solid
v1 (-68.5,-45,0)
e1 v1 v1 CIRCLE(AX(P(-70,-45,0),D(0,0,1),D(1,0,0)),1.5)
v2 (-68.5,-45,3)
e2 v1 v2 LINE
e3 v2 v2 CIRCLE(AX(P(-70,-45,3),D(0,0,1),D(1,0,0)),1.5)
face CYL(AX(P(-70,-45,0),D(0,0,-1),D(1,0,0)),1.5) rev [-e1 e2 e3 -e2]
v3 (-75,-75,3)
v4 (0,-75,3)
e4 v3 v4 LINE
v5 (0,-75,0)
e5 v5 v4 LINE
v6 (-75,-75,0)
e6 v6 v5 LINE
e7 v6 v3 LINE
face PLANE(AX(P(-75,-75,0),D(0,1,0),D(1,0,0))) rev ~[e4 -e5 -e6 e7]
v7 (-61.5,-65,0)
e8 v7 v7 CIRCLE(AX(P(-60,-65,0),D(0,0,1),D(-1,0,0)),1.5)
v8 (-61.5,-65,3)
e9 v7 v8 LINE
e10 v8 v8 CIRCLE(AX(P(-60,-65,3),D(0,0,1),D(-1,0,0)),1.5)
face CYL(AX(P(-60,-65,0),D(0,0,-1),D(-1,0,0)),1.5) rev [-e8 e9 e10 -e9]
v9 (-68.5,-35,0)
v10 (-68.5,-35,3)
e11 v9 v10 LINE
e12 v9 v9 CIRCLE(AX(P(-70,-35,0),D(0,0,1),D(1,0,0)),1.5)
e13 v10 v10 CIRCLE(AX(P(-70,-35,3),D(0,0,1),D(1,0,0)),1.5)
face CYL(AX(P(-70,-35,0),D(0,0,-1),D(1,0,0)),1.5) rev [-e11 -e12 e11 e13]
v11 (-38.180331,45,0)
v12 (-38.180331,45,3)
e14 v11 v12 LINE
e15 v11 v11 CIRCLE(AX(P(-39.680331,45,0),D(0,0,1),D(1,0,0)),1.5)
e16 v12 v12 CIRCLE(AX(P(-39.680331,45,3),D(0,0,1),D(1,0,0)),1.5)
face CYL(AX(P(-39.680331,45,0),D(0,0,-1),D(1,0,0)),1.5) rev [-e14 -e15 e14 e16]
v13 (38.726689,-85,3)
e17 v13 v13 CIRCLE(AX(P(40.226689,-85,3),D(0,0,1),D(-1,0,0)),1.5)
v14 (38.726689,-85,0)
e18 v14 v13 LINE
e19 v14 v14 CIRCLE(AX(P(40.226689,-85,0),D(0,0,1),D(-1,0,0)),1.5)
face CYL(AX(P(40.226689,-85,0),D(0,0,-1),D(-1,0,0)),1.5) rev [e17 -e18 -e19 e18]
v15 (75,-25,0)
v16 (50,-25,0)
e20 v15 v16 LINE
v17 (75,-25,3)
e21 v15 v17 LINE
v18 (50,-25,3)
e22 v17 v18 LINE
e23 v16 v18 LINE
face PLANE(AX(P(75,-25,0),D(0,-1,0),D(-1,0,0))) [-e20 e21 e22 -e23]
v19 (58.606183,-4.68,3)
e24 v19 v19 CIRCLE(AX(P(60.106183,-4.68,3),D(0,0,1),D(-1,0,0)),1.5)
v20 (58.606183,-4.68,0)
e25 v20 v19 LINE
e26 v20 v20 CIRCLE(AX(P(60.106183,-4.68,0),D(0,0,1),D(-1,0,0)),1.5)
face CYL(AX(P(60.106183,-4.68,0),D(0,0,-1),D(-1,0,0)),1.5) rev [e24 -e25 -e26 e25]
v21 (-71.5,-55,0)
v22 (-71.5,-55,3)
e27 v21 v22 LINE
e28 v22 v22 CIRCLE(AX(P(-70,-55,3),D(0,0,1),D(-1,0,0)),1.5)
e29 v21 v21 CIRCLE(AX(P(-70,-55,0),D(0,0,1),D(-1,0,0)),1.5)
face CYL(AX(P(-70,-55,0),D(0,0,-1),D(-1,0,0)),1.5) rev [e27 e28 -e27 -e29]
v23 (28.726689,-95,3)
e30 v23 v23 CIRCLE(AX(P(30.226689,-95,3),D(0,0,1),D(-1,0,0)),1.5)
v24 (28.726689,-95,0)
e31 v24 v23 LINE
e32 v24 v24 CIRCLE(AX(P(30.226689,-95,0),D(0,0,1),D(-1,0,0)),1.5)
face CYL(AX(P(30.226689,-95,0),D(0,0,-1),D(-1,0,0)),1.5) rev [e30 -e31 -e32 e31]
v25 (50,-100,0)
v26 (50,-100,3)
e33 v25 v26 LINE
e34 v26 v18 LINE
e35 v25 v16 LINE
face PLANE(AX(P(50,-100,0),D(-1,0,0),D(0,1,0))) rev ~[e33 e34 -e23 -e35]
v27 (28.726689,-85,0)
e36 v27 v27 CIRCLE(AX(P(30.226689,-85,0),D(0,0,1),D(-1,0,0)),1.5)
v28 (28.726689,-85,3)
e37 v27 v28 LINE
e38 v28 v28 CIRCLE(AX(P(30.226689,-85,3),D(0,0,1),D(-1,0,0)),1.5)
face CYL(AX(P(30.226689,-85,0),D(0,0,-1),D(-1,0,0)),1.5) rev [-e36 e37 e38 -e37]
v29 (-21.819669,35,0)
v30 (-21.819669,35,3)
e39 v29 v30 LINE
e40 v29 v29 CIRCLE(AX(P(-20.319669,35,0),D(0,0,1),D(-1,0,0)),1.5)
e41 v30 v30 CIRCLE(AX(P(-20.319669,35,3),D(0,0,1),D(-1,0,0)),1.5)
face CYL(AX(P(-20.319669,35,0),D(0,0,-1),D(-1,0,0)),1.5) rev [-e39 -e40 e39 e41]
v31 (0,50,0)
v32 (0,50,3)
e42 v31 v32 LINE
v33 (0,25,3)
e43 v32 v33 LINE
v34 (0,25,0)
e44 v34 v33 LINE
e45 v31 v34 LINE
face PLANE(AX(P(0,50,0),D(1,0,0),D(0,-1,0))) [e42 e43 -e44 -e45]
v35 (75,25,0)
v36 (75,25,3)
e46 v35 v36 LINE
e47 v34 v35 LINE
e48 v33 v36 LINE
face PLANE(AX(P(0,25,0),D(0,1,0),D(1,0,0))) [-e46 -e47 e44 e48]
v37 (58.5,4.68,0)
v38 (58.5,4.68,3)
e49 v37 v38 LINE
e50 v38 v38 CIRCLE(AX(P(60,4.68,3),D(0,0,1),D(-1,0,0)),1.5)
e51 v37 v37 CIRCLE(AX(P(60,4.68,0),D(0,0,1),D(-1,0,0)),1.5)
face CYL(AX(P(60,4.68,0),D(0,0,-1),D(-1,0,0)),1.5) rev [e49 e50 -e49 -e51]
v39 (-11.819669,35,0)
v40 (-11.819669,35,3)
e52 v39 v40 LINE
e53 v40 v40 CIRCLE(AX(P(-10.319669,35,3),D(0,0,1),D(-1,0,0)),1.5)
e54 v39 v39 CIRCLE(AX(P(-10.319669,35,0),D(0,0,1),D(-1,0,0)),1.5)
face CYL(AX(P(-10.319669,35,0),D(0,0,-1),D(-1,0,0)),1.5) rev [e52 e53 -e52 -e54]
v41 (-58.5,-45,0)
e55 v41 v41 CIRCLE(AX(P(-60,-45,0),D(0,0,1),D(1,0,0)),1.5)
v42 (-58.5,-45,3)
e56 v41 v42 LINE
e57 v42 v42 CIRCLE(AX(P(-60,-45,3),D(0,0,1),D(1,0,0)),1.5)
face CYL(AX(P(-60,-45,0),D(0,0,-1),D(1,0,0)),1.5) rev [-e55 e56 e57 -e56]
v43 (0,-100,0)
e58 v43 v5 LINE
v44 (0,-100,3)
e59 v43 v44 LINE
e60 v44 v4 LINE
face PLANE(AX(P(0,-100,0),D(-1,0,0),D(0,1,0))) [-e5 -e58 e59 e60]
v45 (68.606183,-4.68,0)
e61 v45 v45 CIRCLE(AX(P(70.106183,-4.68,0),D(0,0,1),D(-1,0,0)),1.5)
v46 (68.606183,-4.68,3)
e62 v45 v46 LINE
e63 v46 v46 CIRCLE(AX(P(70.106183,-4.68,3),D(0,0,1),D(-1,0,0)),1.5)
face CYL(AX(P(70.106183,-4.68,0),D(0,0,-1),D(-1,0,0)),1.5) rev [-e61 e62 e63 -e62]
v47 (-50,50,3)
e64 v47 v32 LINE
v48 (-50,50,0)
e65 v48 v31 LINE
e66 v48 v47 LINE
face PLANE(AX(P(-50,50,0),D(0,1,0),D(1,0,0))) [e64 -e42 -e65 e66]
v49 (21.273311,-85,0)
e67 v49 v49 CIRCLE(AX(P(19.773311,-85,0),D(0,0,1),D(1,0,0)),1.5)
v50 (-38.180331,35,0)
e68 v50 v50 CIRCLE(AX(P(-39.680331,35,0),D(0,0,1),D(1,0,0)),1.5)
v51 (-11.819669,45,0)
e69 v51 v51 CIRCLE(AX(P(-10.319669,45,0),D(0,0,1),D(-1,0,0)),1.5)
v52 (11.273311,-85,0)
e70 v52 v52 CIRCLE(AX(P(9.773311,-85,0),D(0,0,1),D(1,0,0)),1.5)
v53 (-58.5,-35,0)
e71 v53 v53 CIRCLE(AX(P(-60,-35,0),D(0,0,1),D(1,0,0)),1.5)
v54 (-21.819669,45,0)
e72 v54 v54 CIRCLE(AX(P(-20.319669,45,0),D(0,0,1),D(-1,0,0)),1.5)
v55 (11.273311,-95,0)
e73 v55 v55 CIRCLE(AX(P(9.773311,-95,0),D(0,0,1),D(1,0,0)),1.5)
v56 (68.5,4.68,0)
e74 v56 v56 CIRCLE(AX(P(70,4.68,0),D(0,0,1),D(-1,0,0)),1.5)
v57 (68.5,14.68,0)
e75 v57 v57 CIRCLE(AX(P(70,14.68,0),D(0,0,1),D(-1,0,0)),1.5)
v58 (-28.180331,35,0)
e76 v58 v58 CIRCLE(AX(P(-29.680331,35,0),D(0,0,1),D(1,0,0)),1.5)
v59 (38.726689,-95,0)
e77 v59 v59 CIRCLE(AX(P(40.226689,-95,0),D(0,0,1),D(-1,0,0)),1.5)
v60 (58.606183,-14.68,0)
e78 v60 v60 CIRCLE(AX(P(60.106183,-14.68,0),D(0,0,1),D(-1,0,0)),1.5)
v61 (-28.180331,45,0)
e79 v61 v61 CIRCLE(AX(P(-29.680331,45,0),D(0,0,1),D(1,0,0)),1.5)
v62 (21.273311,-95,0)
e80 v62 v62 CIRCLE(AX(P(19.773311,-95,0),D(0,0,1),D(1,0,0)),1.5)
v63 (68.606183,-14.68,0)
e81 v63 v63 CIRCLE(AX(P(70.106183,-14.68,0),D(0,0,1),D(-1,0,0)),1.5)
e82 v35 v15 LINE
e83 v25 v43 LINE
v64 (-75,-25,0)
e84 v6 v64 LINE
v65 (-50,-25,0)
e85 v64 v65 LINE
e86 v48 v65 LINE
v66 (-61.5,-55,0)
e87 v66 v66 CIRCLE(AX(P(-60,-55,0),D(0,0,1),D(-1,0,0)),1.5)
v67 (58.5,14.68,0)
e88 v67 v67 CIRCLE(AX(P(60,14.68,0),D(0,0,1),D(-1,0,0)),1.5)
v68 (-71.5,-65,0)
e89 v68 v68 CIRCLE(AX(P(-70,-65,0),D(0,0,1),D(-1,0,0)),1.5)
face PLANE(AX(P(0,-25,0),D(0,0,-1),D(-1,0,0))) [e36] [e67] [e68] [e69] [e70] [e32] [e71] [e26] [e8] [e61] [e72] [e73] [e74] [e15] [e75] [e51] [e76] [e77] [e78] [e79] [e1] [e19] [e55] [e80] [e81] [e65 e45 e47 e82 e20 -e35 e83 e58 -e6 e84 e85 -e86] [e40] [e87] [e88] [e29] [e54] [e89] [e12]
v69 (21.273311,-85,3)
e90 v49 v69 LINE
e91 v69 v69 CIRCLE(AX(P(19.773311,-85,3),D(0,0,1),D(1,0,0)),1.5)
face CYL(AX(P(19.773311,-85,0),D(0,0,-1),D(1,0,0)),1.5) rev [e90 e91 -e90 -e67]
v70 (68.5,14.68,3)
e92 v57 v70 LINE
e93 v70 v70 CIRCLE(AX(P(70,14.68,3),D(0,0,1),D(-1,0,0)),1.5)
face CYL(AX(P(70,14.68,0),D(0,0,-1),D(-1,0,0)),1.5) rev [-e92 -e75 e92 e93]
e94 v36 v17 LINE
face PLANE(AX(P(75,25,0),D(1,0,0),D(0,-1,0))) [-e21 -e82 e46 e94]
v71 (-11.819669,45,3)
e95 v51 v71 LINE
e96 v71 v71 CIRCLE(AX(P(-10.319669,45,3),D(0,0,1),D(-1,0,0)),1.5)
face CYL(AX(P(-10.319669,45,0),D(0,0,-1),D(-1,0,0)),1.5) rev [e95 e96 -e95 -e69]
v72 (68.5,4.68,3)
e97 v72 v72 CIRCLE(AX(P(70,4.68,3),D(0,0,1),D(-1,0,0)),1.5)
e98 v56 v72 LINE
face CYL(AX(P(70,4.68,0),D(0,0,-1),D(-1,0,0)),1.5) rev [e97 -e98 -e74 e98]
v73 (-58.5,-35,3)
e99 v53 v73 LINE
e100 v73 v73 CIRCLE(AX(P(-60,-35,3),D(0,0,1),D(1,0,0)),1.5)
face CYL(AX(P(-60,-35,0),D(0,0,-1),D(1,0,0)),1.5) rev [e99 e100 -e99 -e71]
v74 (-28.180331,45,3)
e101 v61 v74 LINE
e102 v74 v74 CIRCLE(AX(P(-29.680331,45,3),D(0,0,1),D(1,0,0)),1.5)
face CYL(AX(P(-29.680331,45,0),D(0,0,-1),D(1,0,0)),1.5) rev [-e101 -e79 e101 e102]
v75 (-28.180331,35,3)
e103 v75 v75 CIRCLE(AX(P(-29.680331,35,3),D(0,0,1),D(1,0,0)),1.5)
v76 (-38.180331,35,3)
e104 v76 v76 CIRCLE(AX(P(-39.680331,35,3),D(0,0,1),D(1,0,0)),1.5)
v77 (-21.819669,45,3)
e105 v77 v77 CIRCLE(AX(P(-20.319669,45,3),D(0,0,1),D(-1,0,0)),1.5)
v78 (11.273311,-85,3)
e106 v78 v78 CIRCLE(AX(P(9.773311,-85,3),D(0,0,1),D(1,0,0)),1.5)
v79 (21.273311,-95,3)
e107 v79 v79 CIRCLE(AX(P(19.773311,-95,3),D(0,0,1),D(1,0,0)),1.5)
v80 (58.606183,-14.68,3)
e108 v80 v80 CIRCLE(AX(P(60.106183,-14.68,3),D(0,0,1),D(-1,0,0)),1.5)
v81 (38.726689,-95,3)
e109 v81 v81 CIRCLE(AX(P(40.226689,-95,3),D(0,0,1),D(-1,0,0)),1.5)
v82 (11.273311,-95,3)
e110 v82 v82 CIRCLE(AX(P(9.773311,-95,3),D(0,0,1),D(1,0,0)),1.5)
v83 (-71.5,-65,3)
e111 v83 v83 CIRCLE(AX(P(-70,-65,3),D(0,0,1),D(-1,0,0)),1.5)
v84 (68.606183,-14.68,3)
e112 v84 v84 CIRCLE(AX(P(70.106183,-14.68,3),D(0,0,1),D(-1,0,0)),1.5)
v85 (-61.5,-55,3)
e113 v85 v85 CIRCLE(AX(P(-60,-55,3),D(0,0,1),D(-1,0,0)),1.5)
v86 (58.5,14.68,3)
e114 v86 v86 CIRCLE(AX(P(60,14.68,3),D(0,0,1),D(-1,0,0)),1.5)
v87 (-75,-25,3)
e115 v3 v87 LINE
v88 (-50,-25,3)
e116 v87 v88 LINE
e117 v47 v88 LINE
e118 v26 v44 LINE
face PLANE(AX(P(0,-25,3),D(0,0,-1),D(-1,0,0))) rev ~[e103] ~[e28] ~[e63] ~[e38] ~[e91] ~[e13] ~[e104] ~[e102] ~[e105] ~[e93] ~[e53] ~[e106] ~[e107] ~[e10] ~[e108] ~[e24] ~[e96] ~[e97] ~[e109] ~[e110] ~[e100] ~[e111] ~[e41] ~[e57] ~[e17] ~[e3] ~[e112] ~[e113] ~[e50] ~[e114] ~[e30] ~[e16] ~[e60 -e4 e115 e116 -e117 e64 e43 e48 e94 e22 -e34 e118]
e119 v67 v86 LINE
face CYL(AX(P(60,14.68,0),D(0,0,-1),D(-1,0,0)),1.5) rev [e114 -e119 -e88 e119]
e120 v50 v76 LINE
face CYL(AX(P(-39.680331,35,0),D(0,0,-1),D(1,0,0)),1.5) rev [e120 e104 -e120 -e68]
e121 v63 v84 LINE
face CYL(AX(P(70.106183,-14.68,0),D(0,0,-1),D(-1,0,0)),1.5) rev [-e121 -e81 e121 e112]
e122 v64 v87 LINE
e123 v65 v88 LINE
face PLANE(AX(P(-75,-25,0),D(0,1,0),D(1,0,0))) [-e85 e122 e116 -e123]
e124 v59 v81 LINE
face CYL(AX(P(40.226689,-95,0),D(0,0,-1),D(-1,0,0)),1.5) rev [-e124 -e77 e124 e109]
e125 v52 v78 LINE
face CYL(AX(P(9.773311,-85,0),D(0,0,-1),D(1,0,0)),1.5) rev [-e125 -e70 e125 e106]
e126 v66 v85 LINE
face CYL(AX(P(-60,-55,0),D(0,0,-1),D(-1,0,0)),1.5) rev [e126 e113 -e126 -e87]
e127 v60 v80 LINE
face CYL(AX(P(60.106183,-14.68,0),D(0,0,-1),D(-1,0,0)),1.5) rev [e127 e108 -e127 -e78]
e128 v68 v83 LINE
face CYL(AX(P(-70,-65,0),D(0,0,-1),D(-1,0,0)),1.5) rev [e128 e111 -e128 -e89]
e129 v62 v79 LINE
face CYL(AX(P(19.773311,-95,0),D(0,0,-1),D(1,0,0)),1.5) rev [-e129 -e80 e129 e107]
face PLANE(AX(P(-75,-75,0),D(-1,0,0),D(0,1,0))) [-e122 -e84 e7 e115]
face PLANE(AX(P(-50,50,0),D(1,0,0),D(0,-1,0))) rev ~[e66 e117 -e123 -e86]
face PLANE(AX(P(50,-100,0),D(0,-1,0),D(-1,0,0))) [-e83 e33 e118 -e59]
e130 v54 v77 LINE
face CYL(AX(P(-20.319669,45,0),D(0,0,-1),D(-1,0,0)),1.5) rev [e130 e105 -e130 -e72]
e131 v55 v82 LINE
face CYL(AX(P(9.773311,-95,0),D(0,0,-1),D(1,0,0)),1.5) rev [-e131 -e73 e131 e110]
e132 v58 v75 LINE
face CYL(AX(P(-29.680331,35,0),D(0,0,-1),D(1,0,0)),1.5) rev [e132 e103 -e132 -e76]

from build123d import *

# Parameters (mm, degrees)
SKETCH_1_R      = 1.5
EXTRUDE_4_DEPTH = 3


with BuildPart() as part:
    # 스케치1 → 보스-돌출4 (new body)
    with BuildSketch(Plane.XY):
        Polygon((50, -25), (50, -75), (50, -100), (0, -100), (0, -75), (-50, -75), (-75, -75), (-75, -25), (-50, -25), (-50, 25), (-50, 50), (0, 50), (0, 25), (75, 25), (75, -25), align=None)
        with Locations(Location((70.106183294, -4.68, 0), (0, 0, 180))):
            Circle(SKETCH_1_R, mode=Mode.SUBTRACT)
        with Locations(Location((60.106183294, -4.68, 0), (0, 0, 180))):
            Circle(SKETCH_1_R, mode=Mode.SUBTRACT)
        with Locations(Location((70.106183294, -14.68, 0), (0, 0, 180))):
            Circle(SKETCH_1_R, mode=Mode.SUBTRACT)
        with Locations(Location((60.106183294, -14.68, 0), (0, 0, 180))):
            Circle(SKETCH_1_R, mode=Mode.SUBTRACT)
        with Locations((9.773310691, -85)):
            Circle(SKETCH_1_R, mode=Mode.SUBTRACT)
        with Locations((19.773310691, -85)):
            Circle(SKETCH_1_R, mode=Mode.SUBTRACT)
        with Locations((9.773310691, -95)):
            Circle(SKETCH_1_R, mode=Mode.SUBTRACT)
        with Locations((19.773310691, -95)):
            Circle(SKETCH_1_R, mode=Mode.SUBTRACT)
        with Locations(Location((40.226689309, -95, 0), (0, 0, 180))):
            Circle(SKETCH_1_R, mode=Mode.SUBTRACT)
        with Locations(Location((30.226689309, -95, 0), (0, 0, 180))):
            Circle(SKETCH_1_R, mode=Mode.SUBTRACT)
        with Locations(Location((30.226689309, -85, 0), (0, 0, 180))):
            Circle(SKETCH_1_R, mode=Mode.SUBTRACT)
        with Locations(Location((40.226689309, -85, 0), (0, 0, 180))):
            Circle(SKETCH_1_R, mode=Mode.SUBTRACT)
        with Locations((-39.680330984, 45)):
            Circle(SKETCH_1_R, mode=Mode.SUBTRACT)
        with Locations((-29.680330984, 45)):
            Circle(SKETCH_1_R, mode=Mode.SUBTRACT)
        with Locations((-39.680330984, 35)):
            Circle(SKETCH_1_R, mode=Mode.SUBTRACT)
        with Locations((-29.680330984, 35)):
            Circle(SKETCH_1_R, mode=Mode.SUBTRACT)
        with Locations(Location((-10.319669016, 35, 0), (0, 0, 180))):
            Circle(SKETCH_1_R, mode=Mode.SUBTRACT)
        with Locations(Location((-20.319669016, 35, 0), (0, 0, 180))):
            Circle(SKETCH_1_R, mode=Mode.SUBTRACT)
        with Locations(Location((-20.319669016, 45, 0), (0, 0, 180))):
            Circle(SKETCH_1_R, mode=Mode.SUBTRACT)
        with Locations(Location((-10.319669016, 45, 0), (0, 0, 180))):
            Circle(SKETCH_1_R, mode=Mode.SUBTRACT)
        with Locations(Location((70, 14.68, 0), (0, 0, 180))):
            Circle(SKETCH_1_R, mode=Mode.SUBTRACT)
        with Locations(Location((60, 14.68, 0), (0, 0, 180))):
            Circle(SKETCH_1_R, mode=Mode.SUBTRACT)
        with Locations(Location((70, 4.68, 0), (0, 0, 180))):
            Circle(SKETCH_1_R, mode=Mode.SUBTRACT)
        with Locations(Location((60, 4.68, 0), (0, 0, 180))):
            Circle(SKETCH_1_R, mode=Mode.SUBTRACT)
        with Locations((-70, -35)):
            Circle(SKETCH_1_R, mode=Mode.SUBTRACT)
        with Locations((-60, -35)):
            Circle(SKETCH_1_R, mode=Mode.SUBTRACT)
        with Locations((-70, -45)):
            Circle(SKETCH_1_R, mode=Mode.SUBTRACT)
        with Locations((-60, -45)):
            Circle(SKETCH_1_R, mode=Mode.SUBTRACT)
        with Locations(Location((-60, -55, 0), (0, 0, 180))):
            Circle(SKETCH_1_R, mode=Mode.SUBTRACT)
        with Locations(Location((-70, -55, 0), (0, 0, 180))):
            Circle(SKETCH_1_R, mode=Mode.SUBTRACT)
        with Locations(Location((-60, -65, 0), (0, 0, 180))):
            Circle(SKETCH_1_R, mode=Mode.SUBTRACT)
        with Locations(Location((-70, -65, 0), (0, 0, 180))):
            Circle(SKETCH_1_R, mode=Mode.SUBTRACT)
    extrude(amount=EXTRUDE_4_DEPTH)


solid = part.part
